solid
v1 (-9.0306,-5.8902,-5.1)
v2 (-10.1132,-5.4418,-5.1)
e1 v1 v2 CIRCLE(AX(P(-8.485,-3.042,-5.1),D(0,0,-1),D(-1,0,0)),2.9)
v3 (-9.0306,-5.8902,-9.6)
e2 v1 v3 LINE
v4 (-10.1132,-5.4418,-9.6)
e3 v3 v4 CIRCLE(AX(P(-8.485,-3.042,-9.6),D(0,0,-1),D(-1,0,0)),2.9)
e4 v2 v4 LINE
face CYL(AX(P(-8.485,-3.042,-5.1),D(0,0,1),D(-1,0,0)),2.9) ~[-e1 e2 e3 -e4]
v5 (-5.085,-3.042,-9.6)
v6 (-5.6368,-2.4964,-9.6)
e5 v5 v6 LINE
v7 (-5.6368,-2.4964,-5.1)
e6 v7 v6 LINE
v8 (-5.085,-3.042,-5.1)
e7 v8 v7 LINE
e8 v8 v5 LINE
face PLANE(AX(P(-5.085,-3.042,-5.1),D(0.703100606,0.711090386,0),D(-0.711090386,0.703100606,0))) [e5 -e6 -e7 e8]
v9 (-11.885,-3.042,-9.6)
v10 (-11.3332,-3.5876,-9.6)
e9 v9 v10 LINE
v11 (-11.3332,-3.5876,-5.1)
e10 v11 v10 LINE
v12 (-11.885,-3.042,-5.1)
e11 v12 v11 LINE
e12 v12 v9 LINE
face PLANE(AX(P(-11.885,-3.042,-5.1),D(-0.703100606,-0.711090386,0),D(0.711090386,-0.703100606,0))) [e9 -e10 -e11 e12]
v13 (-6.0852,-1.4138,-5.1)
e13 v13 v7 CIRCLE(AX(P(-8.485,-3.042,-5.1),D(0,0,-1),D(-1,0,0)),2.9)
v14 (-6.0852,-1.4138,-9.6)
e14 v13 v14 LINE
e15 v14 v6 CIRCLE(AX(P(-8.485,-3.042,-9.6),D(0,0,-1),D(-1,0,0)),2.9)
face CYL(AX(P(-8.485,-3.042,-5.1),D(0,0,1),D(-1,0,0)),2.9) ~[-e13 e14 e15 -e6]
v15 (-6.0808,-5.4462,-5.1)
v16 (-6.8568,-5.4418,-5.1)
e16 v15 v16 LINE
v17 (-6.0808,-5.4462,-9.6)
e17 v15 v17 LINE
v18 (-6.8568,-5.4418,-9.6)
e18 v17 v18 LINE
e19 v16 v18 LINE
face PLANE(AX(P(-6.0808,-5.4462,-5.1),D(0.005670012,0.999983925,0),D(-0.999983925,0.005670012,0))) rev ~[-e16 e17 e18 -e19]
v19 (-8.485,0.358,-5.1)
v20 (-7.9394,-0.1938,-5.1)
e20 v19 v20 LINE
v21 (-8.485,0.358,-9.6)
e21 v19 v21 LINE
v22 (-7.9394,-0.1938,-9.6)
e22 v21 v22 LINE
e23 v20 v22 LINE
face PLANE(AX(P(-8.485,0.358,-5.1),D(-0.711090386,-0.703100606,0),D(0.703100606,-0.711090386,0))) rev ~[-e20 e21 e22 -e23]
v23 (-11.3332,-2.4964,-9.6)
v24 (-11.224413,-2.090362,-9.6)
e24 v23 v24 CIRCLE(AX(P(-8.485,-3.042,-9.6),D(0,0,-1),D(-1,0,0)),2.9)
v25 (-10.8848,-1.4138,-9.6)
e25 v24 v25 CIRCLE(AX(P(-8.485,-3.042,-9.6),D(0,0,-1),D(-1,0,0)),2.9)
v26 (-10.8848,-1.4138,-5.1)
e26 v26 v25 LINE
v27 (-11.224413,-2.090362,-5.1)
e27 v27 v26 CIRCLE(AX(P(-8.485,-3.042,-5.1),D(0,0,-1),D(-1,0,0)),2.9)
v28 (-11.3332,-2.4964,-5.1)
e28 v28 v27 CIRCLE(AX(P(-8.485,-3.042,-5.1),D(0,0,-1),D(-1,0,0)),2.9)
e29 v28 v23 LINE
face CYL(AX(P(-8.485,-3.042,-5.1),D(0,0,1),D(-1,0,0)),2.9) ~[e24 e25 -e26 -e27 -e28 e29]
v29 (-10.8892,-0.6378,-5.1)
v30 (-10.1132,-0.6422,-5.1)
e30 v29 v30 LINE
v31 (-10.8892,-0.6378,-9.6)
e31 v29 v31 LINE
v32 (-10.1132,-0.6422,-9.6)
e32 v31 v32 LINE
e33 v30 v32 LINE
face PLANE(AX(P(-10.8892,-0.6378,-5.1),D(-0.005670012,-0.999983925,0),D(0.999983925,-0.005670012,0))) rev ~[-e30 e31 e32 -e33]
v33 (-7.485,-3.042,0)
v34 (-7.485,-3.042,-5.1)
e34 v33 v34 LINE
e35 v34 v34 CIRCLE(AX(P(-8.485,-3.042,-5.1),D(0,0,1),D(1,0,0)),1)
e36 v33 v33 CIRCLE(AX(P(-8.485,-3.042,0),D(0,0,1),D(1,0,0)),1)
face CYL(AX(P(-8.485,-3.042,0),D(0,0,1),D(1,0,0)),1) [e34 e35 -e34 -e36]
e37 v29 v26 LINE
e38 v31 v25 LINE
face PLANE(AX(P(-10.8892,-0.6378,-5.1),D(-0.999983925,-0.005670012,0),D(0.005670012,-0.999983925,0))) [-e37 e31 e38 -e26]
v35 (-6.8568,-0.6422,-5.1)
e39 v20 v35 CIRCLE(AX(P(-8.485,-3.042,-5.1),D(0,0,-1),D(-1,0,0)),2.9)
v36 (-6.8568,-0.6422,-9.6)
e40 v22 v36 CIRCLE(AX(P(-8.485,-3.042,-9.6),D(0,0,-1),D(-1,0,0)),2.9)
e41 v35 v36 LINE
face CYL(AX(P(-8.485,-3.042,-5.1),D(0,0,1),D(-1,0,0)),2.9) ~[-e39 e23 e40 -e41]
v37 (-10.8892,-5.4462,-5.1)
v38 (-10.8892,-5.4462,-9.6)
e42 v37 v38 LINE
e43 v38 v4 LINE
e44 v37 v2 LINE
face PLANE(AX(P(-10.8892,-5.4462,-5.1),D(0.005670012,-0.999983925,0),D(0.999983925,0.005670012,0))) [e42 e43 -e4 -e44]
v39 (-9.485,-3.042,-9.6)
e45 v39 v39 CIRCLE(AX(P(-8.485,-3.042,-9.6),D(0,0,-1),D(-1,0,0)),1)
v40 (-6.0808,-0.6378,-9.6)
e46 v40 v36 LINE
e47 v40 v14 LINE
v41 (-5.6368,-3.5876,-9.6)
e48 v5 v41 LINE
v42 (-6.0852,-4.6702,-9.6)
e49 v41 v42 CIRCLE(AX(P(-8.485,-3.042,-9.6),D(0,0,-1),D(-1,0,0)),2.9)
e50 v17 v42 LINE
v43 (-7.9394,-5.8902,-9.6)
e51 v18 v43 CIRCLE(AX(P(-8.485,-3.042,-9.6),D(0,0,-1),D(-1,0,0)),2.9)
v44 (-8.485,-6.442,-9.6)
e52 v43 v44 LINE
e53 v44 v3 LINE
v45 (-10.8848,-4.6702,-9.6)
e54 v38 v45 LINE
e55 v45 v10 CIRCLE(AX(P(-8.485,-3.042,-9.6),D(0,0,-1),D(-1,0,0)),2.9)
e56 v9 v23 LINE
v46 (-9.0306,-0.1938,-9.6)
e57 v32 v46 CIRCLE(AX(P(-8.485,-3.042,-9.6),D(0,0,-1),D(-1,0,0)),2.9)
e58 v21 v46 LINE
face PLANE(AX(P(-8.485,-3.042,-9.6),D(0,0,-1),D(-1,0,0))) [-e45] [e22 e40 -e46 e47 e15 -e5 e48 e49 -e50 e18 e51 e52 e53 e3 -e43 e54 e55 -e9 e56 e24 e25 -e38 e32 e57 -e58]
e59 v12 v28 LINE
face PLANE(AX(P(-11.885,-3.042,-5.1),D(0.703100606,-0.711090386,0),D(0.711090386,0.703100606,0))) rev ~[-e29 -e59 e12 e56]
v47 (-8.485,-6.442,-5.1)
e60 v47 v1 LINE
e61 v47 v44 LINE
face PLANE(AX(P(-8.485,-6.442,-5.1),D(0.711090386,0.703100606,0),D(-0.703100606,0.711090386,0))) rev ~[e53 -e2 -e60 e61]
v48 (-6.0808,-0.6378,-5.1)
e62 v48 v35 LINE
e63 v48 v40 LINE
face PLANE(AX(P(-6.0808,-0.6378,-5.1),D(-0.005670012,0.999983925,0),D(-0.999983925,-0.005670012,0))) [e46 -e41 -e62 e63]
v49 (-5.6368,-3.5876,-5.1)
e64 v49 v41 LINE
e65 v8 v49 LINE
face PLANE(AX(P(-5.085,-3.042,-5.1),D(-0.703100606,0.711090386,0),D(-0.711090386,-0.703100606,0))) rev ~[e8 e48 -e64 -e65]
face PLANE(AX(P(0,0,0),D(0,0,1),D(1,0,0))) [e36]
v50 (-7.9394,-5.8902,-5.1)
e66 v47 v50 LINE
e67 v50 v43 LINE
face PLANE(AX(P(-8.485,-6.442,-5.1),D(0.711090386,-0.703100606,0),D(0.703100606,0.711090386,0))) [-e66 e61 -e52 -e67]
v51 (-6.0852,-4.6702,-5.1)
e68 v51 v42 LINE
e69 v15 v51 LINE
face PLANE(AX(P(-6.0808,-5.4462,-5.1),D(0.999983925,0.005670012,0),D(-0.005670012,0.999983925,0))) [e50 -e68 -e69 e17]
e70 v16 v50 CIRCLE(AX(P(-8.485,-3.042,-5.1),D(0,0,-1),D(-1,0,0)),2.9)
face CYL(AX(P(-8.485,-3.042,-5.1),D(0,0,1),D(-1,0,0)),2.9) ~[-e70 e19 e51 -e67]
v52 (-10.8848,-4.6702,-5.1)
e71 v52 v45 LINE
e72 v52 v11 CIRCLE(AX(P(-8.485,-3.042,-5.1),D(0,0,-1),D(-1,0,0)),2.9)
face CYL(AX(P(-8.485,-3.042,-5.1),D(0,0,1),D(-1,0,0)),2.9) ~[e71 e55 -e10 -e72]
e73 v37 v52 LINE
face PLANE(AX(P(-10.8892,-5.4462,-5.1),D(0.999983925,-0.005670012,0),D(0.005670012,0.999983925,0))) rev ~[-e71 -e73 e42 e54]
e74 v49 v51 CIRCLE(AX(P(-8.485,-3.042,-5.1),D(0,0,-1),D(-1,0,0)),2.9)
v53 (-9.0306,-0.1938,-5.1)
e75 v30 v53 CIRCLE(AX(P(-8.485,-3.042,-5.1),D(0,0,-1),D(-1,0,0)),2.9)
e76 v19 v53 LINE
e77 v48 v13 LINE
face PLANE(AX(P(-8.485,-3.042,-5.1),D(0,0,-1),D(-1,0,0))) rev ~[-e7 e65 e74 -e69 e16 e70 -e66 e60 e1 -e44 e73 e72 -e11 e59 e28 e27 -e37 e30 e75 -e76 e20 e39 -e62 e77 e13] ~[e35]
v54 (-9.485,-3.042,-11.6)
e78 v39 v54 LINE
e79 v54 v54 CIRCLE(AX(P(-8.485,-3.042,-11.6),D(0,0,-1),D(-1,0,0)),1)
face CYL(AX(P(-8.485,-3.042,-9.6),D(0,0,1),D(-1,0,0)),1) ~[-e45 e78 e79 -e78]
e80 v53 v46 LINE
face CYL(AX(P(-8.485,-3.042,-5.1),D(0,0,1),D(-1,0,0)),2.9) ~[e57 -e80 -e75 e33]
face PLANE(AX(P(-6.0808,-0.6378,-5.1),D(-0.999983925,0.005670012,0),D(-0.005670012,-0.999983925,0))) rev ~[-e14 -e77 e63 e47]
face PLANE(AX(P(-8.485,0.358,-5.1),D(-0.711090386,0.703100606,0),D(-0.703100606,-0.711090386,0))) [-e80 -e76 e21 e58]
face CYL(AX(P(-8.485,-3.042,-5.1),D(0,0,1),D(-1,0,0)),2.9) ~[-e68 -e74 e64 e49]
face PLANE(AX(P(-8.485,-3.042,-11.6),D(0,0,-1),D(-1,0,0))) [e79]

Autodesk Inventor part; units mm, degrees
ref_plane "YZ Plane" through (0, 0, 0) normal (1, 0, 0) x (0, 1, 0)
ref_plane "XZ Plane" through (0, 0, 0) normal (0, 1, 0) x (-1, 0, 0)
ref_plane "XY Plane" through (0, 0, 0) normal (0, 0, 1) x (1, 0, 0)
sketch "Sketch1" plane through (0, 0, 0) normal (0, 0, 1) x (1, 0, 0)
  circle A0 centre (-8.485, -3.042) radius 1.1 projected
  line L0 (-21.0171, 3.396) -> (-20.9715, -5.8039) projected
  line L1 (-19.9666, -6.7989) -> (3.0331, -6.6851) projected
  line L2 (4.0282, -5.6801) -> (3.9826, 3.5198) projected
  circle A1 centre (0, 0) radius 3 projected
  circle A2 centre (-16.9998, -0.0841) radius 3 projected
  circle A3 centre (-8.485, -3.042) radius 1
  line L3 (2.9777, 4.5148) -> (-20.022, 4.401) projected
  arc A4 (-20.9715, -5.8039) -> (-19.9666, -6.7989) centre (-19.9715, -5.7989) ccw projected
  arc A5 (3.0331, -6.6851) -> (4.0282, -5.6801) centre (3.0282, -5.6851) ccw projected
  arc A6 (3.9826, 3.5198) -> (2.9777, 4.5148) centre (2.9826, 3.5148) ccw projected
  arc A7 (-20.022, 4.401) -> (-21.0171, 3.396) centre (-20.0171, 3.401) ccw projected
  point P0 (0, 0)
  dimension "d0" = 2
extrude "Extrusion1" add sketch "Sketch1" against normal blind 5.1 contours A3
sketch "Sketch2" plane through (-8.485, -3.042, -5.1) normal (0, 0, -1) x (-1, 0, 0)
  circle A0 centre (0, 0) radius 1.1 projected
  line L0 (12.5394, 7.938) -> (12.4815, -3.7618) projected
  line L1 (12.4815, -3.7618) -> (-12.5182, -3.6381) projected
  line L2 (-12.5182, -3.6381) -> (-12.4603, 8.0618) projected
  line L3 (-12.4603, 8.0618) -> (12.5394, 7.938) projected
  circle A1 centre (-8.485, 3.042) radius 3 projected
  circle A2 centre (8.5147, 2.9579) radius 3 projected
  line L4 (-0.0183, -3.7) -> (-0.0183, -4.9)
  circle A3 centre (0, 0) radius 4.9
  line L5 (-0.0183, -4.9) -> (-0.0183, -2.9)
  circle A4 centre (0, 0) radius 2.9
  line L6 (0, 2.9) -> (0, 3.4)
  line L7 (0, 3.4) -> (0.5456, 2.8482)
  line L8 (0, 3.4) -> (-0.5456, 2.8482)
  line L9 (-2.4042, 2.4042) -> (-1.6282, 2.3998)
  line L10 (-2.4042, 2.4042) -> (-2.3998, 1.6282)
  line L11 (-3.4, 0) -> (-2.8482, 0.5456)
  line L12 (-3.4, 0) -> (-2.8482, -0.5456)
  line L13 (-2.4042, -2.4042) -> (-2.3998, -1.6282)
  line L14 (-2.4042, -2.4042) -> (-1.6282, -2.3998)
  line L15 (0, -3.4) -> (-0.5456, -2.8482)
  line L16 (0, -3.4) -> (0.5456, -2.8482)
  line L17 (2.4042, -2.4042) -> (1.6282, -2.3998)
  line L18 (2.4042, -2.4042) -> (2.3998, -1.6282)
  line L19 (3.4, 0) -> (2.8482, -0.5456)
  line L20 (3.4, 0) -> (2.8482, 0.5456)
  line L21 (2.4042, 2.4042) -> (2.3998, 1.6282)
  line L22 (2.4042, 2.4042) -> (1.6282, 2.3998)
  line L23 (8.5147, 2.9579) -> (0, 0)
  point P0 (-8.485, 3.042)
  point P1 (2.3998, 1.6282)
  point P2 (-1.6282, 2.3998)
  point P3 (-2.3998, 1.6282)
  point P4 (-2.8482, 0.5456)
  point P5 (-2.8482, -0.5456)
  point P6 (-2.3998, -1.6282)
  point P7 (-1.6282, -2.3998)
  point P8 (-0.5456, -2.8482)
  point P9 (0.5456, -2.8482)
  point P10 (1.6282, -2.3998)
  point P11 (2.8482, -0.5456)
  point P12 (2.8482, 0.5456)
  dimension "d3" = 1.2
  dimension "d4" = 2
  dimension "d5" = 0.5
  dimension "d8" = 360
extrude "Extrusion2" add sketch "Sketch2" along normal blind 4.5 contours A0 | A4 | L20 L19 A4 | A4 L22 L21 | A4 L6 L7 | L18 L17 A4 | A4 L8 L6 | L15 A4 L5 | L5 A4 L16 L15 | A4 L10 L9 | L14 L13 A4 | A4 L12 L11
sketch "Sketch3" plane through (-8.485, -3.042, -9.6) normal (0, 0, -1) x (-1, 0, 0)
  circle A0 centre (0, 0) radius 1 projected
  point P0 (-8.485, 3.042)
extrude "Extrusion3" add sketch "Sketch3" along normal blind 2
properties part number "kolo"
